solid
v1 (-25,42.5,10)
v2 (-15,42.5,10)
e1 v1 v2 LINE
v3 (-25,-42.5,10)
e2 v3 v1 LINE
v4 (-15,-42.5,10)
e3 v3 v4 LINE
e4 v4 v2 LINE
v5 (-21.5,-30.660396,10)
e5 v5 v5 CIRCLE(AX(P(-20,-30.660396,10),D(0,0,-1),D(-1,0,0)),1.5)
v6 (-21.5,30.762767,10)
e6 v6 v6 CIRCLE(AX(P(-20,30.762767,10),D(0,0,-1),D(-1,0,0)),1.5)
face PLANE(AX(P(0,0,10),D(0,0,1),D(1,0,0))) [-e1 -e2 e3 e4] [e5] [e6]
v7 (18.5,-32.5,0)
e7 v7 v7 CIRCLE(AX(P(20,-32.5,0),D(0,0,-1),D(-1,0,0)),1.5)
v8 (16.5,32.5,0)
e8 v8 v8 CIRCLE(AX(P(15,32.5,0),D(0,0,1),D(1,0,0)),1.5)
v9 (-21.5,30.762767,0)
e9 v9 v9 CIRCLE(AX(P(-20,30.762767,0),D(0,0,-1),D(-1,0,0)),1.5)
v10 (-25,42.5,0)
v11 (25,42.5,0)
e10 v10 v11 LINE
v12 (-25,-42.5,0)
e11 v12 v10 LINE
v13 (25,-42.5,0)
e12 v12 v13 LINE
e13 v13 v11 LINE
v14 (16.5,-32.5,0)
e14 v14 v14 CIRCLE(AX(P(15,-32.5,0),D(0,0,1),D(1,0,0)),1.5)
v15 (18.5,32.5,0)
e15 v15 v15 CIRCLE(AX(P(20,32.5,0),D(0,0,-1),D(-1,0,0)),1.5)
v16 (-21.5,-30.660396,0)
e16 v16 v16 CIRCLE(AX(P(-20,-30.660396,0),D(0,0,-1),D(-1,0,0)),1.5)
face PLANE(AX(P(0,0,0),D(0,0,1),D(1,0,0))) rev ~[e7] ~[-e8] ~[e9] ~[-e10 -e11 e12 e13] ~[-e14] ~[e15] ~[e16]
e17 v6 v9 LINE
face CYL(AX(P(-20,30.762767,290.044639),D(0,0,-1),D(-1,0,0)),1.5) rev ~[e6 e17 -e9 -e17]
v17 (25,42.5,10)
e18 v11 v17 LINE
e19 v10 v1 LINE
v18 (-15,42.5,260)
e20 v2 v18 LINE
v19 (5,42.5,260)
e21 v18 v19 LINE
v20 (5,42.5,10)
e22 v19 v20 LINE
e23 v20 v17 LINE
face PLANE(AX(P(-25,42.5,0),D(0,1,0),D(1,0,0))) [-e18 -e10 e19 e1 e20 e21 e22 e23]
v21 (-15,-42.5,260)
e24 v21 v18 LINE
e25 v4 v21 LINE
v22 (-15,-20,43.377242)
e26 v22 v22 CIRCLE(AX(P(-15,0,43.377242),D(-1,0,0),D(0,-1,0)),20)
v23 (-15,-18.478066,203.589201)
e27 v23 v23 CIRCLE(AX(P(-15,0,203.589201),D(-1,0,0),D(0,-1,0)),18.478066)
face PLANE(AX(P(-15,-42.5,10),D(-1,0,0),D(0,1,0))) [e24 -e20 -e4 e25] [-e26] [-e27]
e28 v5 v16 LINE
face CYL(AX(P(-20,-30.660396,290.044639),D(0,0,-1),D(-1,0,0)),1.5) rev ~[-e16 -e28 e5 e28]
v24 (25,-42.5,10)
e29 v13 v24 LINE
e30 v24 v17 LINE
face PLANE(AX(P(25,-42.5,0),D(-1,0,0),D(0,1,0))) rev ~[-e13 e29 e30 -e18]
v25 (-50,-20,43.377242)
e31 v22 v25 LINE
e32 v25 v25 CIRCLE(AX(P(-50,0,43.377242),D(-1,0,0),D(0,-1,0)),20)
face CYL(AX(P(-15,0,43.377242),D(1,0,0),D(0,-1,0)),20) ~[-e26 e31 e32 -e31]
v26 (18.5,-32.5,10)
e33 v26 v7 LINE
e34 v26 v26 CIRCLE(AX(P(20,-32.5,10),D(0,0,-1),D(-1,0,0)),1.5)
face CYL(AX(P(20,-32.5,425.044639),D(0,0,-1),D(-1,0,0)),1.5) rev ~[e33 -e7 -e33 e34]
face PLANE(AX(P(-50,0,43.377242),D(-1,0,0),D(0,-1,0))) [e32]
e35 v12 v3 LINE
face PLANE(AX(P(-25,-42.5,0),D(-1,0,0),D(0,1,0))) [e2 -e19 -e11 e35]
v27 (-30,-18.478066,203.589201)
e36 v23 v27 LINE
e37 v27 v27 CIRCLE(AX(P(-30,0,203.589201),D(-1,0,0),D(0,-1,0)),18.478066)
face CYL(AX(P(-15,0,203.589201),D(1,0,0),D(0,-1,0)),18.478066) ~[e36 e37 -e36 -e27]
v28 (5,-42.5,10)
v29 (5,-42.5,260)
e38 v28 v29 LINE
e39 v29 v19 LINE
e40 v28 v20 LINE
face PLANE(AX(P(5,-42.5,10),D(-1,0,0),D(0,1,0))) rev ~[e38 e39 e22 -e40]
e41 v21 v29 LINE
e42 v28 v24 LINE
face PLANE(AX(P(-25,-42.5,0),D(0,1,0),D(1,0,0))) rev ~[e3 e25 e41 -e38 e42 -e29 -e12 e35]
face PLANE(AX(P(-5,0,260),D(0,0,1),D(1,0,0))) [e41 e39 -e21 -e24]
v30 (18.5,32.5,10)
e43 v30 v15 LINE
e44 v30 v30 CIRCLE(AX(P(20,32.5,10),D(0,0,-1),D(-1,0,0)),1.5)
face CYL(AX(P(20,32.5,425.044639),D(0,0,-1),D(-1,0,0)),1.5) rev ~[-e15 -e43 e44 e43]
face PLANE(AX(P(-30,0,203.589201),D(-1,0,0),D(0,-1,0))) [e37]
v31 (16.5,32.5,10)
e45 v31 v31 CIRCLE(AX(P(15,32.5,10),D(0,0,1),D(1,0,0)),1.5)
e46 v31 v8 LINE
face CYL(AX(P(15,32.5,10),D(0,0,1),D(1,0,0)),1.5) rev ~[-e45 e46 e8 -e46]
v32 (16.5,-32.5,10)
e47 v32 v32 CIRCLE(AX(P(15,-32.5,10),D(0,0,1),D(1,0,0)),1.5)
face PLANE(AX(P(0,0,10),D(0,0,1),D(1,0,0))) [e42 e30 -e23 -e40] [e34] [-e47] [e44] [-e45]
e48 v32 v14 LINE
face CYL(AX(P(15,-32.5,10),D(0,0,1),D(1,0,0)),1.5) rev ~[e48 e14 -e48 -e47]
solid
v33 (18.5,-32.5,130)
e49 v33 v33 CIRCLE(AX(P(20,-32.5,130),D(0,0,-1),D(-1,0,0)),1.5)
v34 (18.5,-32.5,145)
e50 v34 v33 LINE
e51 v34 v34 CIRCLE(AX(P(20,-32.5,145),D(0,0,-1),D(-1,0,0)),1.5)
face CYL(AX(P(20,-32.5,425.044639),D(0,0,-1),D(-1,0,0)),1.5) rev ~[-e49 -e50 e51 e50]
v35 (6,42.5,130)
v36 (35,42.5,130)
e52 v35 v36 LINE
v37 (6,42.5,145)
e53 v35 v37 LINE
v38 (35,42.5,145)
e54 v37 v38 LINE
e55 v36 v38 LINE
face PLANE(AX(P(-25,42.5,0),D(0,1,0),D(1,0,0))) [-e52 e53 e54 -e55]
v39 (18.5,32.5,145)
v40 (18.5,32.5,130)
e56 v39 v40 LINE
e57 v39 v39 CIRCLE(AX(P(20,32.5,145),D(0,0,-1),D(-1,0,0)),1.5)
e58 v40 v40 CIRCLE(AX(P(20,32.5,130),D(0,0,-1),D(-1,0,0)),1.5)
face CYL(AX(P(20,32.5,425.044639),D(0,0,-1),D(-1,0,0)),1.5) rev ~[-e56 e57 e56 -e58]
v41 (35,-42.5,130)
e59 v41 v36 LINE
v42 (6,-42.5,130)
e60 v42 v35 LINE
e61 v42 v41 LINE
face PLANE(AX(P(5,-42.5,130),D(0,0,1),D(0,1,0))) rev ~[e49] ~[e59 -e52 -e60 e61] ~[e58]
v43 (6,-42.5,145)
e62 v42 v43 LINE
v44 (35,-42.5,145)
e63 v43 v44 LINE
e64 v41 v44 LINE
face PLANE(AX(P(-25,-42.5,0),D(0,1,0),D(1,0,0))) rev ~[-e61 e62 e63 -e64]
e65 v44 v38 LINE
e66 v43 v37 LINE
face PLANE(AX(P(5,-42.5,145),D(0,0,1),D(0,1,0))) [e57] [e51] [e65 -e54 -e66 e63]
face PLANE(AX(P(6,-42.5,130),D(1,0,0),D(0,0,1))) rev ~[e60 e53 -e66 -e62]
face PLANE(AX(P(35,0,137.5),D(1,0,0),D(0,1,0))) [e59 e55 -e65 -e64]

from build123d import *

# Parameters (mm, degrees)
F0_W           = 50
F0_H           = 85
F1_DEPTH       = 10
F2_W           = 20
F2_H           = 85
F3_DEPTH       = 250
F4_W           = 85
F4_H           = 15
F5_DEPTH       = 30
F9_D           = 3
F9_ON_F6_D     = 3
F9_ON_F8_D     = 3
F9_ON_F8_DEPTH = 10.001
F10_R          = 20
F11_DEPTH      = 35
F12_R          = 18.4780658122
F13_DEPTH      = 15
F14_W          = 1
F14_H          = 15
F15_DEPTH      = 85


with BuildPart() as f1:
    # F0 (on Top) → F1 (new body)
    with BuildSketch(Plane.XY):
        Rectangle(F0_W, F0_H)
    extrude(amount=F1_DEPTH)

    # F2 (on face) → F3 (join)
    with BuildSketch(Plane.XY.offset(10)):
        with Locations((-5, 0)):
            Rectangle(F2_W, F2_H)
    extrude(amount=F3_DEPTH)

    # F4 (on face) → F5 (join)
    with BuildSketch(Plane.YZ.offset(5)):
        with Locations((0, 137.5)):
            Rectangle(F4_W, F4_H)
    extrude(amount=F5_DEPTH)

    # F9 (through all)
    with Locations(Plane.XY.offset(145)):
        with Locations((20, 32.5), (20, -32.5)):
            Hole(F9_D / 2)

    # F9 on F6 (through all)
    with Locations(Plane.XY.offset(10)):
        with Locations((-20, 30.7627674192), (-20, -30.6603964418)):
            Hole(F9_ON_F6_D / 2)

    # F9 on F8 (through all, one way)
    with BuildSketch(Plane.XY.offset(10)):
        with Locations((15, -32.5), (15, 32.5)):
            Circle(F9_ON_F8_D / 2)
    extrude(amount=-F9_ON_F8_DEPTH, mode=Mode.SUBTRACT)

    # F10 (on face) → F11 (join)
    with BuildSketch(Plane(origin=(-15, 0, 0), x_dir=(0, -1, 0), z_dir=(-1, 0, 0))):
        with Locations((0, 43.3772418691)):
            Circle(F10_R)
    extrude(amount=F11_DEPTH)

    # F12 (on face) → F13 (join)
    with BuildSketch(Plane(origin=(-15, 0, 0), x_dir=(0, -1, 0), z_dir=(-1, 0, 0))):
        with Locations((0, 203.5892009735)):
            Circle(F12_R)
    extrude(amount=F13_DEPTH)

    # F14 (on face) → F15 (cut, through all)
    with BuildSketch(Plane.XZ.offset(42.5)):
        with Locations((5.5, 137.5)):
            Rectangle(F14_W, F14_H)
    extrude(amount=-F15_DEPTH, mode=Mode.SUBTRACT)


solid = f1.part
